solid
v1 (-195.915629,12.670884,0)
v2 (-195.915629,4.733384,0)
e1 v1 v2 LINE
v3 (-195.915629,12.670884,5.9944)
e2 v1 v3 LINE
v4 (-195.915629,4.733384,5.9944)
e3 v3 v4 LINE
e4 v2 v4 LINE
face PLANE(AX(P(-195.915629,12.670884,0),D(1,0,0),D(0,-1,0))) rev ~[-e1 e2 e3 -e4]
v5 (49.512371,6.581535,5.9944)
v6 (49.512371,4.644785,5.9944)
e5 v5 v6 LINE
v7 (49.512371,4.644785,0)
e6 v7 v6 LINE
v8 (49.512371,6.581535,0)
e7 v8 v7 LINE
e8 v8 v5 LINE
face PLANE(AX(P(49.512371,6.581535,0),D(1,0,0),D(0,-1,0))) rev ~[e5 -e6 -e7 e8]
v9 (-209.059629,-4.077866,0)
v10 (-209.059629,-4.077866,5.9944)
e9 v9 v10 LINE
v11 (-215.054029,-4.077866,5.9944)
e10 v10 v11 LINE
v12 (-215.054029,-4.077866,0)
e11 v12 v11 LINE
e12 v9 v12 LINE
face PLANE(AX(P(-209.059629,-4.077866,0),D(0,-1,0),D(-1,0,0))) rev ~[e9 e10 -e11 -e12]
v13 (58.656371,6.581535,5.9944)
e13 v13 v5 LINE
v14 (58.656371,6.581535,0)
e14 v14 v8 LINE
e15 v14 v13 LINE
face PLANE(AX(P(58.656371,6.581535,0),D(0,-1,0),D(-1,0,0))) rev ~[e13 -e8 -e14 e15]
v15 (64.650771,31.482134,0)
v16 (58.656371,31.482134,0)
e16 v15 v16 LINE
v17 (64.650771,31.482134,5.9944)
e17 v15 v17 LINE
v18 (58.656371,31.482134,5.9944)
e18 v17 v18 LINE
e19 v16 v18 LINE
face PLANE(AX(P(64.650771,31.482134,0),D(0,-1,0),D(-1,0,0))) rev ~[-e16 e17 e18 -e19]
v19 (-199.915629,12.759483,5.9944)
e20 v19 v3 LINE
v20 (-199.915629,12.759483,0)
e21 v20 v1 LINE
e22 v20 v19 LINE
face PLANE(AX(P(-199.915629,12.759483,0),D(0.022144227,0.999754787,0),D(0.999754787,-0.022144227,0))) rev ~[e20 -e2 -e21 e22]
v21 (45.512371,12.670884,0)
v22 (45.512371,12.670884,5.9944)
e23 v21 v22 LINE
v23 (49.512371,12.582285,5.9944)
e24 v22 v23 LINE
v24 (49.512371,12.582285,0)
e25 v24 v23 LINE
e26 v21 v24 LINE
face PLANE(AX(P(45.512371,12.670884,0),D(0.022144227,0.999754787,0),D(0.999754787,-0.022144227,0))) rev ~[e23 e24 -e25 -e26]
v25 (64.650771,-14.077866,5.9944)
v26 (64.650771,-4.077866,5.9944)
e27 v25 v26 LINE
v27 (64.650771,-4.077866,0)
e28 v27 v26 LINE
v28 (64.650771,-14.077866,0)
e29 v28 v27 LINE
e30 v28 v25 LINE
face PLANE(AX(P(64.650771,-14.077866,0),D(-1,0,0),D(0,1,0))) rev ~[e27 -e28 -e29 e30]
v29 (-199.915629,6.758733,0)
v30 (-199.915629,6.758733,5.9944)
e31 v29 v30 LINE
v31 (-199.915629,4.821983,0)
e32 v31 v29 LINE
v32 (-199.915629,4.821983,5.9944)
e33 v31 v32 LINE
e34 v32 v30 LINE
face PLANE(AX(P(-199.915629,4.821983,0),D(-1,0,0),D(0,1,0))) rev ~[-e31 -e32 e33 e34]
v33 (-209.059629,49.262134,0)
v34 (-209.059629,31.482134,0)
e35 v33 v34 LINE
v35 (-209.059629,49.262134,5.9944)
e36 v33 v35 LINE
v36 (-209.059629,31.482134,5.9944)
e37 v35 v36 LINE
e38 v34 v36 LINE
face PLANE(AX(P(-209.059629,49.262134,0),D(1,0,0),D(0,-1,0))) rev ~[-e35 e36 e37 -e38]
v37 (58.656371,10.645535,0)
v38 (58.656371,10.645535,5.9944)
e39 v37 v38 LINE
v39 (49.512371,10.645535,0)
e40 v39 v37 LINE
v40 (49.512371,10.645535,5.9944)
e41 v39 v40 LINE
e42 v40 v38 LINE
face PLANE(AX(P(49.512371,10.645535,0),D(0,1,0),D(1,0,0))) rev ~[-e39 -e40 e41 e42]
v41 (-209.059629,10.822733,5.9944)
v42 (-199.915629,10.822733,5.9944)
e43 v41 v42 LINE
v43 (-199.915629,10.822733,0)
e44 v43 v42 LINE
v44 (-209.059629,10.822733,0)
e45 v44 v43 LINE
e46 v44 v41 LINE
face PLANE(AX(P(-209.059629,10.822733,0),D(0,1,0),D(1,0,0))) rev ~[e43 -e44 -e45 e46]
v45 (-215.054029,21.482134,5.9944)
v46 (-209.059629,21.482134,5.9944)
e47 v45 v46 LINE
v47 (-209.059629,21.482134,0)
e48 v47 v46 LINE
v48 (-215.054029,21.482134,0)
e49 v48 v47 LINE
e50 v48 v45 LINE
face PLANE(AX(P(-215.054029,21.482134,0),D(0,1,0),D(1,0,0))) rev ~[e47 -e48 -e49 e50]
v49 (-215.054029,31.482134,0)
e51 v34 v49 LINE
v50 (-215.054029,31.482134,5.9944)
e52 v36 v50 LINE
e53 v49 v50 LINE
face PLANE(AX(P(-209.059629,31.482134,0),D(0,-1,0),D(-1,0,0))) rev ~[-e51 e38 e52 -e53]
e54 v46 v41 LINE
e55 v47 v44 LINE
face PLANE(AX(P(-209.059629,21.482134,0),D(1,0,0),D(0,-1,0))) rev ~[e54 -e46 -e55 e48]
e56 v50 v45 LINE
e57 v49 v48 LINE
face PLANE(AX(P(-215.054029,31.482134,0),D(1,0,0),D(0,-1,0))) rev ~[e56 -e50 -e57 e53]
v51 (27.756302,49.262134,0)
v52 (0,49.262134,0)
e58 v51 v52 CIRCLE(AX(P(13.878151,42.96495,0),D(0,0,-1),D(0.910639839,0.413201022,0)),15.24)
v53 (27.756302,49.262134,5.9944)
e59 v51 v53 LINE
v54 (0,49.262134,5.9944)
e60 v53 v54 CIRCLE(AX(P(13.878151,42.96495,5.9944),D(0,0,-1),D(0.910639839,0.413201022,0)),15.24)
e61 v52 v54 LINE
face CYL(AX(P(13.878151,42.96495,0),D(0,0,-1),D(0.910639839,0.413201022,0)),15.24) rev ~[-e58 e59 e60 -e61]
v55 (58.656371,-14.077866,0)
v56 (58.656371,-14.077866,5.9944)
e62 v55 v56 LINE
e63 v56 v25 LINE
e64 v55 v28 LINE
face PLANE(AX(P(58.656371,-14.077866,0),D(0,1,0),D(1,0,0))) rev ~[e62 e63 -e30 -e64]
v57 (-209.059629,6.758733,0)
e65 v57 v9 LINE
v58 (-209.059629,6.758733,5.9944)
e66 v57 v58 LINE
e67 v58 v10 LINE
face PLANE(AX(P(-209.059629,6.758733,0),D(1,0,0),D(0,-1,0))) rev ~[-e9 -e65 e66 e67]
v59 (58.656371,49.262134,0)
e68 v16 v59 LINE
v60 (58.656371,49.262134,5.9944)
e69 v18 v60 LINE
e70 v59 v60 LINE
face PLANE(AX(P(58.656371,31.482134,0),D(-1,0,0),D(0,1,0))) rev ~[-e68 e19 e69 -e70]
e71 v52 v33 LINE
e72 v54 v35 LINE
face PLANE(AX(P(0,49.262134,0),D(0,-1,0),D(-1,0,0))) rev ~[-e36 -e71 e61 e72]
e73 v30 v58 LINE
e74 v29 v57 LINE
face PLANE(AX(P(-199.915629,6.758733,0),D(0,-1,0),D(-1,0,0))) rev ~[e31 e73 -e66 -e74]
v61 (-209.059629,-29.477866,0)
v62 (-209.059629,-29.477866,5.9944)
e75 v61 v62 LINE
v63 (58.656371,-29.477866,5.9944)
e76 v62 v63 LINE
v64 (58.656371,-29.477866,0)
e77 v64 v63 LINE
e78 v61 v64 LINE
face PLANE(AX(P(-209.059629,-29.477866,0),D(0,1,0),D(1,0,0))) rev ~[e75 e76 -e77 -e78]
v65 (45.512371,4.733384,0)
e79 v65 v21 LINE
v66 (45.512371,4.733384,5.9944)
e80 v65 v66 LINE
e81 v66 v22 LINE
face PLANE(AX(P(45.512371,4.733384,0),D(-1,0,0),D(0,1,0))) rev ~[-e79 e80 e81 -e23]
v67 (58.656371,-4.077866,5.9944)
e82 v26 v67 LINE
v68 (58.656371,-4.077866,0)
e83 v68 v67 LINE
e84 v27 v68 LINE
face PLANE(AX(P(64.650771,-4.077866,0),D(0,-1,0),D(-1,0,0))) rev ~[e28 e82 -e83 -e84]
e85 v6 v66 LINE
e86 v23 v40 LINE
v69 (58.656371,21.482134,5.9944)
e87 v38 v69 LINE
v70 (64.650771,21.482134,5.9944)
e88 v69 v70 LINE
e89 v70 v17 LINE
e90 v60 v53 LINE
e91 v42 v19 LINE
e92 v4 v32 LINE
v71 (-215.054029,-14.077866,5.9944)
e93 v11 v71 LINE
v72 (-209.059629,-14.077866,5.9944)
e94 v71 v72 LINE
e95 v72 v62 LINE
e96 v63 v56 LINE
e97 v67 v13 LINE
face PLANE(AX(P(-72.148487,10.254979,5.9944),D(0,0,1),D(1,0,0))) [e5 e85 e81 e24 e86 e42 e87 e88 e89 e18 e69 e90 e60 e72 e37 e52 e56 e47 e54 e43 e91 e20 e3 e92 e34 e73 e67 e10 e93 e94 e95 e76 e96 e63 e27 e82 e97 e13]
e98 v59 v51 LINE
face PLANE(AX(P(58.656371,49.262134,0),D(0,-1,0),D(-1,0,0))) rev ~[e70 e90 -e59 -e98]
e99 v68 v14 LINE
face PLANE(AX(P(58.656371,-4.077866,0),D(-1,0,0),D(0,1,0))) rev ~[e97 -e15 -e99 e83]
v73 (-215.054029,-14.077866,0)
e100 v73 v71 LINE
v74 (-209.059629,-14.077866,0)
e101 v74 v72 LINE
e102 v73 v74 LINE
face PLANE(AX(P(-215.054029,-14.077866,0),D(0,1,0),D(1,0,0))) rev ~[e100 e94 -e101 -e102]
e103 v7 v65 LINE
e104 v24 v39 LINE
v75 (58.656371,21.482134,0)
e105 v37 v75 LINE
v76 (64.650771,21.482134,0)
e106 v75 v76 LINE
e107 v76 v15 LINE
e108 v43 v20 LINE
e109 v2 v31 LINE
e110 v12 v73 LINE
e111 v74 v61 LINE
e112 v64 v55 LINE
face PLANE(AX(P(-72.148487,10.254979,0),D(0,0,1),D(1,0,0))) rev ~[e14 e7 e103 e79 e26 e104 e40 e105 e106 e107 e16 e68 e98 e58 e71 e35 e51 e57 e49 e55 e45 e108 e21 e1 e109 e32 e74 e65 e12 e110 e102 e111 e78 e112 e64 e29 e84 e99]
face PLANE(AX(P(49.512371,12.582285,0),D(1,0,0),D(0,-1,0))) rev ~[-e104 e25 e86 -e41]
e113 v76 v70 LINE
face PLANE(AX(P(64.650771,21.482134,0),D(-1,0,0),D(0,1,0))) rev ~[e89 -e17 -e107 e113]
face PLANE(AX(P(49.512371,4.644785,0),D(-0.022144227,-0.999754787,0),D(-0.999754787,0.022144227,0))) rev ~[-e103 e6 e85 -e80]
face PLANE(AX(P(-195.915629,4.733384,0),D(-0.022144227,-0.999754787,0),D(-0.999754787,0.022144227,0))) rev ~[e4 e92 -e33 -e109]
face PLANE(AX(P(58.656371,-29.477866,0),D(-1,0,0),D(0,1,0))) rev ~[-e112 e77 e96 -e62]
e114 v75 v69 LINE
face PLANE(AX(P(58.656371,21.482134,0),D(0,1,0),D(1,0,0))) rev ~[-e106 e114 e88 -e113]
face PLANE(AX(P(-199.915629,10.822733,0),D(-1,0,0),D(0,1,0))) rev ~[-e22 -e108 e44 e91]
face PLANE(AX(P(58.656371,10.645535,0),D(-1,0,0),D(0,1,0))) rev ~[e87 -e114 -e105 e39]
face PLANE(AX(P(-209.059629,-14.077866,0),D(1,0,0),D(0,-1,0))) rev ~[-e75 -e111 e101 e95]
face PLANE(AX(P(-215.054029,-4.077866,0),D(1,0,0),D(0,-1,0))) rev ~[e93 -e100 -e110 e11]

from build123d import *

# Parameters (mm, degrees)
EXTRUDE1_DEPTH = 5.9944


with BuildPart() as part:
    # Sketch1 → Extrude1 (new body)
    with BuildSketch(Plane.XY):
        with BuildLine():
            Line((-209.059629258, -14.077865934), (-209.059629258, -29.477865934))
            Line((-209.059629258, -29.477865934), (58.656370742, -29.477865934))
            Line((58.656370742, -29.477865934), (58.656370742, -14.077865934))
            Line((58.656370742, -14.077865934), (64.650770742, -14.077865934))
            Line((64.650770742, -14.077865934), (64.650770742, -4.077865934))
            Line((64.650770742, -4.077865934), (58.656370742, -4.077865934))
            Line((58.656370742, -4.077865934), (58.656370742, 6.581535434))
            Line((58.656370742, 6.581535434), (49.512370742, 6.581535434))
            Line((49.512370742, 6.581535434), (49.512370742, 4.644785434))
            Line((49.512370742, 4.644785434), (45.512370742, 4.733384066))
            Line((45.512370742, 4.733384066), (45.512370742, 12.670884066))
            Line((45.512370742, 12.670884066), (49.512370742, 12.582285434))
            Line((49.512370742, 12.582285434), (49.512370742, 10.645535434))
            Line((49.512370742, 10.645535434), (58.656370742, 10.645535434))
            Line((58.656370742, 10.645535434), (58.656370742, 21.482134066))
            Line((58.656370742, 21.482134066), (64.650770742, 21.482134066))
            Line((64.650770742, 21.482134066), (64.650770742, 31.482134066))
            Line((64.650770742, 31.482134066), (58.656370742, 31.482134066))
            Line((58.656370742, 31.482134066), (58.656370742, 49.262134066))
            Line((58.656370742, 49.262134066), (27.756302278, 49.262134066))
            ThreePointArc((27.756302278, 49.262134066), (13.878151139, 27.724950493), (0, 49.262134066))
            Line((0, 49.262134066), (-209.059629258, 49.262134066))
            Line((-209.059629258, 49.262134066), (-209.059629258, 31.482134066))
            Line((-209.059629258, 31.482134066), (-215.054029258, 31.482134066))
            Line((-215.054029258, 31.482134066), (-215.054029258, 21.482134066))
            Line((-215.054029258, 21.482134066), (-209.059629258, 21.482134066))
            Line((-209.059629258, 21.482134066), (-209.059629258, 10.822732699))
            Line((-209.059629258, 10.822732699), (-199.915629258, 10.822732699))
            Line((-199.915629258, 10.822732699), (-199.915629258, 12.759482699))
            Line((-199.915629258, 12.759482699), (-195.915629258, 12.670884066))
            Line((-195.915629258, 12.670884066), (-195.915629258, 4.733384066))
            Line((-195.915629258, 4.733384066), (-199.915629258, 4.821982699))
            Line((-199.915629258, 4.821982699), (-199.915629258, 6.758732699))
            Line((-199.915629258, 6.758732699), (-209.059629258, 6.758732699))
            Line((-209.059629258, 6.758732699), (-209.059629258, -4.077865934))
            Line((-209.059629258, -4.077865934), (-215.054029258, -4.077865934))
            Line((-215.054029258, -4.077865934), (-215.054029258, -14.077865934))
            Line((-215.054029258, -14.077865934), (-209.059629258, -14.077865934))
        make_face()
    extrude(amount=EXTRUDE1_DEPTH)


solid = part.part
